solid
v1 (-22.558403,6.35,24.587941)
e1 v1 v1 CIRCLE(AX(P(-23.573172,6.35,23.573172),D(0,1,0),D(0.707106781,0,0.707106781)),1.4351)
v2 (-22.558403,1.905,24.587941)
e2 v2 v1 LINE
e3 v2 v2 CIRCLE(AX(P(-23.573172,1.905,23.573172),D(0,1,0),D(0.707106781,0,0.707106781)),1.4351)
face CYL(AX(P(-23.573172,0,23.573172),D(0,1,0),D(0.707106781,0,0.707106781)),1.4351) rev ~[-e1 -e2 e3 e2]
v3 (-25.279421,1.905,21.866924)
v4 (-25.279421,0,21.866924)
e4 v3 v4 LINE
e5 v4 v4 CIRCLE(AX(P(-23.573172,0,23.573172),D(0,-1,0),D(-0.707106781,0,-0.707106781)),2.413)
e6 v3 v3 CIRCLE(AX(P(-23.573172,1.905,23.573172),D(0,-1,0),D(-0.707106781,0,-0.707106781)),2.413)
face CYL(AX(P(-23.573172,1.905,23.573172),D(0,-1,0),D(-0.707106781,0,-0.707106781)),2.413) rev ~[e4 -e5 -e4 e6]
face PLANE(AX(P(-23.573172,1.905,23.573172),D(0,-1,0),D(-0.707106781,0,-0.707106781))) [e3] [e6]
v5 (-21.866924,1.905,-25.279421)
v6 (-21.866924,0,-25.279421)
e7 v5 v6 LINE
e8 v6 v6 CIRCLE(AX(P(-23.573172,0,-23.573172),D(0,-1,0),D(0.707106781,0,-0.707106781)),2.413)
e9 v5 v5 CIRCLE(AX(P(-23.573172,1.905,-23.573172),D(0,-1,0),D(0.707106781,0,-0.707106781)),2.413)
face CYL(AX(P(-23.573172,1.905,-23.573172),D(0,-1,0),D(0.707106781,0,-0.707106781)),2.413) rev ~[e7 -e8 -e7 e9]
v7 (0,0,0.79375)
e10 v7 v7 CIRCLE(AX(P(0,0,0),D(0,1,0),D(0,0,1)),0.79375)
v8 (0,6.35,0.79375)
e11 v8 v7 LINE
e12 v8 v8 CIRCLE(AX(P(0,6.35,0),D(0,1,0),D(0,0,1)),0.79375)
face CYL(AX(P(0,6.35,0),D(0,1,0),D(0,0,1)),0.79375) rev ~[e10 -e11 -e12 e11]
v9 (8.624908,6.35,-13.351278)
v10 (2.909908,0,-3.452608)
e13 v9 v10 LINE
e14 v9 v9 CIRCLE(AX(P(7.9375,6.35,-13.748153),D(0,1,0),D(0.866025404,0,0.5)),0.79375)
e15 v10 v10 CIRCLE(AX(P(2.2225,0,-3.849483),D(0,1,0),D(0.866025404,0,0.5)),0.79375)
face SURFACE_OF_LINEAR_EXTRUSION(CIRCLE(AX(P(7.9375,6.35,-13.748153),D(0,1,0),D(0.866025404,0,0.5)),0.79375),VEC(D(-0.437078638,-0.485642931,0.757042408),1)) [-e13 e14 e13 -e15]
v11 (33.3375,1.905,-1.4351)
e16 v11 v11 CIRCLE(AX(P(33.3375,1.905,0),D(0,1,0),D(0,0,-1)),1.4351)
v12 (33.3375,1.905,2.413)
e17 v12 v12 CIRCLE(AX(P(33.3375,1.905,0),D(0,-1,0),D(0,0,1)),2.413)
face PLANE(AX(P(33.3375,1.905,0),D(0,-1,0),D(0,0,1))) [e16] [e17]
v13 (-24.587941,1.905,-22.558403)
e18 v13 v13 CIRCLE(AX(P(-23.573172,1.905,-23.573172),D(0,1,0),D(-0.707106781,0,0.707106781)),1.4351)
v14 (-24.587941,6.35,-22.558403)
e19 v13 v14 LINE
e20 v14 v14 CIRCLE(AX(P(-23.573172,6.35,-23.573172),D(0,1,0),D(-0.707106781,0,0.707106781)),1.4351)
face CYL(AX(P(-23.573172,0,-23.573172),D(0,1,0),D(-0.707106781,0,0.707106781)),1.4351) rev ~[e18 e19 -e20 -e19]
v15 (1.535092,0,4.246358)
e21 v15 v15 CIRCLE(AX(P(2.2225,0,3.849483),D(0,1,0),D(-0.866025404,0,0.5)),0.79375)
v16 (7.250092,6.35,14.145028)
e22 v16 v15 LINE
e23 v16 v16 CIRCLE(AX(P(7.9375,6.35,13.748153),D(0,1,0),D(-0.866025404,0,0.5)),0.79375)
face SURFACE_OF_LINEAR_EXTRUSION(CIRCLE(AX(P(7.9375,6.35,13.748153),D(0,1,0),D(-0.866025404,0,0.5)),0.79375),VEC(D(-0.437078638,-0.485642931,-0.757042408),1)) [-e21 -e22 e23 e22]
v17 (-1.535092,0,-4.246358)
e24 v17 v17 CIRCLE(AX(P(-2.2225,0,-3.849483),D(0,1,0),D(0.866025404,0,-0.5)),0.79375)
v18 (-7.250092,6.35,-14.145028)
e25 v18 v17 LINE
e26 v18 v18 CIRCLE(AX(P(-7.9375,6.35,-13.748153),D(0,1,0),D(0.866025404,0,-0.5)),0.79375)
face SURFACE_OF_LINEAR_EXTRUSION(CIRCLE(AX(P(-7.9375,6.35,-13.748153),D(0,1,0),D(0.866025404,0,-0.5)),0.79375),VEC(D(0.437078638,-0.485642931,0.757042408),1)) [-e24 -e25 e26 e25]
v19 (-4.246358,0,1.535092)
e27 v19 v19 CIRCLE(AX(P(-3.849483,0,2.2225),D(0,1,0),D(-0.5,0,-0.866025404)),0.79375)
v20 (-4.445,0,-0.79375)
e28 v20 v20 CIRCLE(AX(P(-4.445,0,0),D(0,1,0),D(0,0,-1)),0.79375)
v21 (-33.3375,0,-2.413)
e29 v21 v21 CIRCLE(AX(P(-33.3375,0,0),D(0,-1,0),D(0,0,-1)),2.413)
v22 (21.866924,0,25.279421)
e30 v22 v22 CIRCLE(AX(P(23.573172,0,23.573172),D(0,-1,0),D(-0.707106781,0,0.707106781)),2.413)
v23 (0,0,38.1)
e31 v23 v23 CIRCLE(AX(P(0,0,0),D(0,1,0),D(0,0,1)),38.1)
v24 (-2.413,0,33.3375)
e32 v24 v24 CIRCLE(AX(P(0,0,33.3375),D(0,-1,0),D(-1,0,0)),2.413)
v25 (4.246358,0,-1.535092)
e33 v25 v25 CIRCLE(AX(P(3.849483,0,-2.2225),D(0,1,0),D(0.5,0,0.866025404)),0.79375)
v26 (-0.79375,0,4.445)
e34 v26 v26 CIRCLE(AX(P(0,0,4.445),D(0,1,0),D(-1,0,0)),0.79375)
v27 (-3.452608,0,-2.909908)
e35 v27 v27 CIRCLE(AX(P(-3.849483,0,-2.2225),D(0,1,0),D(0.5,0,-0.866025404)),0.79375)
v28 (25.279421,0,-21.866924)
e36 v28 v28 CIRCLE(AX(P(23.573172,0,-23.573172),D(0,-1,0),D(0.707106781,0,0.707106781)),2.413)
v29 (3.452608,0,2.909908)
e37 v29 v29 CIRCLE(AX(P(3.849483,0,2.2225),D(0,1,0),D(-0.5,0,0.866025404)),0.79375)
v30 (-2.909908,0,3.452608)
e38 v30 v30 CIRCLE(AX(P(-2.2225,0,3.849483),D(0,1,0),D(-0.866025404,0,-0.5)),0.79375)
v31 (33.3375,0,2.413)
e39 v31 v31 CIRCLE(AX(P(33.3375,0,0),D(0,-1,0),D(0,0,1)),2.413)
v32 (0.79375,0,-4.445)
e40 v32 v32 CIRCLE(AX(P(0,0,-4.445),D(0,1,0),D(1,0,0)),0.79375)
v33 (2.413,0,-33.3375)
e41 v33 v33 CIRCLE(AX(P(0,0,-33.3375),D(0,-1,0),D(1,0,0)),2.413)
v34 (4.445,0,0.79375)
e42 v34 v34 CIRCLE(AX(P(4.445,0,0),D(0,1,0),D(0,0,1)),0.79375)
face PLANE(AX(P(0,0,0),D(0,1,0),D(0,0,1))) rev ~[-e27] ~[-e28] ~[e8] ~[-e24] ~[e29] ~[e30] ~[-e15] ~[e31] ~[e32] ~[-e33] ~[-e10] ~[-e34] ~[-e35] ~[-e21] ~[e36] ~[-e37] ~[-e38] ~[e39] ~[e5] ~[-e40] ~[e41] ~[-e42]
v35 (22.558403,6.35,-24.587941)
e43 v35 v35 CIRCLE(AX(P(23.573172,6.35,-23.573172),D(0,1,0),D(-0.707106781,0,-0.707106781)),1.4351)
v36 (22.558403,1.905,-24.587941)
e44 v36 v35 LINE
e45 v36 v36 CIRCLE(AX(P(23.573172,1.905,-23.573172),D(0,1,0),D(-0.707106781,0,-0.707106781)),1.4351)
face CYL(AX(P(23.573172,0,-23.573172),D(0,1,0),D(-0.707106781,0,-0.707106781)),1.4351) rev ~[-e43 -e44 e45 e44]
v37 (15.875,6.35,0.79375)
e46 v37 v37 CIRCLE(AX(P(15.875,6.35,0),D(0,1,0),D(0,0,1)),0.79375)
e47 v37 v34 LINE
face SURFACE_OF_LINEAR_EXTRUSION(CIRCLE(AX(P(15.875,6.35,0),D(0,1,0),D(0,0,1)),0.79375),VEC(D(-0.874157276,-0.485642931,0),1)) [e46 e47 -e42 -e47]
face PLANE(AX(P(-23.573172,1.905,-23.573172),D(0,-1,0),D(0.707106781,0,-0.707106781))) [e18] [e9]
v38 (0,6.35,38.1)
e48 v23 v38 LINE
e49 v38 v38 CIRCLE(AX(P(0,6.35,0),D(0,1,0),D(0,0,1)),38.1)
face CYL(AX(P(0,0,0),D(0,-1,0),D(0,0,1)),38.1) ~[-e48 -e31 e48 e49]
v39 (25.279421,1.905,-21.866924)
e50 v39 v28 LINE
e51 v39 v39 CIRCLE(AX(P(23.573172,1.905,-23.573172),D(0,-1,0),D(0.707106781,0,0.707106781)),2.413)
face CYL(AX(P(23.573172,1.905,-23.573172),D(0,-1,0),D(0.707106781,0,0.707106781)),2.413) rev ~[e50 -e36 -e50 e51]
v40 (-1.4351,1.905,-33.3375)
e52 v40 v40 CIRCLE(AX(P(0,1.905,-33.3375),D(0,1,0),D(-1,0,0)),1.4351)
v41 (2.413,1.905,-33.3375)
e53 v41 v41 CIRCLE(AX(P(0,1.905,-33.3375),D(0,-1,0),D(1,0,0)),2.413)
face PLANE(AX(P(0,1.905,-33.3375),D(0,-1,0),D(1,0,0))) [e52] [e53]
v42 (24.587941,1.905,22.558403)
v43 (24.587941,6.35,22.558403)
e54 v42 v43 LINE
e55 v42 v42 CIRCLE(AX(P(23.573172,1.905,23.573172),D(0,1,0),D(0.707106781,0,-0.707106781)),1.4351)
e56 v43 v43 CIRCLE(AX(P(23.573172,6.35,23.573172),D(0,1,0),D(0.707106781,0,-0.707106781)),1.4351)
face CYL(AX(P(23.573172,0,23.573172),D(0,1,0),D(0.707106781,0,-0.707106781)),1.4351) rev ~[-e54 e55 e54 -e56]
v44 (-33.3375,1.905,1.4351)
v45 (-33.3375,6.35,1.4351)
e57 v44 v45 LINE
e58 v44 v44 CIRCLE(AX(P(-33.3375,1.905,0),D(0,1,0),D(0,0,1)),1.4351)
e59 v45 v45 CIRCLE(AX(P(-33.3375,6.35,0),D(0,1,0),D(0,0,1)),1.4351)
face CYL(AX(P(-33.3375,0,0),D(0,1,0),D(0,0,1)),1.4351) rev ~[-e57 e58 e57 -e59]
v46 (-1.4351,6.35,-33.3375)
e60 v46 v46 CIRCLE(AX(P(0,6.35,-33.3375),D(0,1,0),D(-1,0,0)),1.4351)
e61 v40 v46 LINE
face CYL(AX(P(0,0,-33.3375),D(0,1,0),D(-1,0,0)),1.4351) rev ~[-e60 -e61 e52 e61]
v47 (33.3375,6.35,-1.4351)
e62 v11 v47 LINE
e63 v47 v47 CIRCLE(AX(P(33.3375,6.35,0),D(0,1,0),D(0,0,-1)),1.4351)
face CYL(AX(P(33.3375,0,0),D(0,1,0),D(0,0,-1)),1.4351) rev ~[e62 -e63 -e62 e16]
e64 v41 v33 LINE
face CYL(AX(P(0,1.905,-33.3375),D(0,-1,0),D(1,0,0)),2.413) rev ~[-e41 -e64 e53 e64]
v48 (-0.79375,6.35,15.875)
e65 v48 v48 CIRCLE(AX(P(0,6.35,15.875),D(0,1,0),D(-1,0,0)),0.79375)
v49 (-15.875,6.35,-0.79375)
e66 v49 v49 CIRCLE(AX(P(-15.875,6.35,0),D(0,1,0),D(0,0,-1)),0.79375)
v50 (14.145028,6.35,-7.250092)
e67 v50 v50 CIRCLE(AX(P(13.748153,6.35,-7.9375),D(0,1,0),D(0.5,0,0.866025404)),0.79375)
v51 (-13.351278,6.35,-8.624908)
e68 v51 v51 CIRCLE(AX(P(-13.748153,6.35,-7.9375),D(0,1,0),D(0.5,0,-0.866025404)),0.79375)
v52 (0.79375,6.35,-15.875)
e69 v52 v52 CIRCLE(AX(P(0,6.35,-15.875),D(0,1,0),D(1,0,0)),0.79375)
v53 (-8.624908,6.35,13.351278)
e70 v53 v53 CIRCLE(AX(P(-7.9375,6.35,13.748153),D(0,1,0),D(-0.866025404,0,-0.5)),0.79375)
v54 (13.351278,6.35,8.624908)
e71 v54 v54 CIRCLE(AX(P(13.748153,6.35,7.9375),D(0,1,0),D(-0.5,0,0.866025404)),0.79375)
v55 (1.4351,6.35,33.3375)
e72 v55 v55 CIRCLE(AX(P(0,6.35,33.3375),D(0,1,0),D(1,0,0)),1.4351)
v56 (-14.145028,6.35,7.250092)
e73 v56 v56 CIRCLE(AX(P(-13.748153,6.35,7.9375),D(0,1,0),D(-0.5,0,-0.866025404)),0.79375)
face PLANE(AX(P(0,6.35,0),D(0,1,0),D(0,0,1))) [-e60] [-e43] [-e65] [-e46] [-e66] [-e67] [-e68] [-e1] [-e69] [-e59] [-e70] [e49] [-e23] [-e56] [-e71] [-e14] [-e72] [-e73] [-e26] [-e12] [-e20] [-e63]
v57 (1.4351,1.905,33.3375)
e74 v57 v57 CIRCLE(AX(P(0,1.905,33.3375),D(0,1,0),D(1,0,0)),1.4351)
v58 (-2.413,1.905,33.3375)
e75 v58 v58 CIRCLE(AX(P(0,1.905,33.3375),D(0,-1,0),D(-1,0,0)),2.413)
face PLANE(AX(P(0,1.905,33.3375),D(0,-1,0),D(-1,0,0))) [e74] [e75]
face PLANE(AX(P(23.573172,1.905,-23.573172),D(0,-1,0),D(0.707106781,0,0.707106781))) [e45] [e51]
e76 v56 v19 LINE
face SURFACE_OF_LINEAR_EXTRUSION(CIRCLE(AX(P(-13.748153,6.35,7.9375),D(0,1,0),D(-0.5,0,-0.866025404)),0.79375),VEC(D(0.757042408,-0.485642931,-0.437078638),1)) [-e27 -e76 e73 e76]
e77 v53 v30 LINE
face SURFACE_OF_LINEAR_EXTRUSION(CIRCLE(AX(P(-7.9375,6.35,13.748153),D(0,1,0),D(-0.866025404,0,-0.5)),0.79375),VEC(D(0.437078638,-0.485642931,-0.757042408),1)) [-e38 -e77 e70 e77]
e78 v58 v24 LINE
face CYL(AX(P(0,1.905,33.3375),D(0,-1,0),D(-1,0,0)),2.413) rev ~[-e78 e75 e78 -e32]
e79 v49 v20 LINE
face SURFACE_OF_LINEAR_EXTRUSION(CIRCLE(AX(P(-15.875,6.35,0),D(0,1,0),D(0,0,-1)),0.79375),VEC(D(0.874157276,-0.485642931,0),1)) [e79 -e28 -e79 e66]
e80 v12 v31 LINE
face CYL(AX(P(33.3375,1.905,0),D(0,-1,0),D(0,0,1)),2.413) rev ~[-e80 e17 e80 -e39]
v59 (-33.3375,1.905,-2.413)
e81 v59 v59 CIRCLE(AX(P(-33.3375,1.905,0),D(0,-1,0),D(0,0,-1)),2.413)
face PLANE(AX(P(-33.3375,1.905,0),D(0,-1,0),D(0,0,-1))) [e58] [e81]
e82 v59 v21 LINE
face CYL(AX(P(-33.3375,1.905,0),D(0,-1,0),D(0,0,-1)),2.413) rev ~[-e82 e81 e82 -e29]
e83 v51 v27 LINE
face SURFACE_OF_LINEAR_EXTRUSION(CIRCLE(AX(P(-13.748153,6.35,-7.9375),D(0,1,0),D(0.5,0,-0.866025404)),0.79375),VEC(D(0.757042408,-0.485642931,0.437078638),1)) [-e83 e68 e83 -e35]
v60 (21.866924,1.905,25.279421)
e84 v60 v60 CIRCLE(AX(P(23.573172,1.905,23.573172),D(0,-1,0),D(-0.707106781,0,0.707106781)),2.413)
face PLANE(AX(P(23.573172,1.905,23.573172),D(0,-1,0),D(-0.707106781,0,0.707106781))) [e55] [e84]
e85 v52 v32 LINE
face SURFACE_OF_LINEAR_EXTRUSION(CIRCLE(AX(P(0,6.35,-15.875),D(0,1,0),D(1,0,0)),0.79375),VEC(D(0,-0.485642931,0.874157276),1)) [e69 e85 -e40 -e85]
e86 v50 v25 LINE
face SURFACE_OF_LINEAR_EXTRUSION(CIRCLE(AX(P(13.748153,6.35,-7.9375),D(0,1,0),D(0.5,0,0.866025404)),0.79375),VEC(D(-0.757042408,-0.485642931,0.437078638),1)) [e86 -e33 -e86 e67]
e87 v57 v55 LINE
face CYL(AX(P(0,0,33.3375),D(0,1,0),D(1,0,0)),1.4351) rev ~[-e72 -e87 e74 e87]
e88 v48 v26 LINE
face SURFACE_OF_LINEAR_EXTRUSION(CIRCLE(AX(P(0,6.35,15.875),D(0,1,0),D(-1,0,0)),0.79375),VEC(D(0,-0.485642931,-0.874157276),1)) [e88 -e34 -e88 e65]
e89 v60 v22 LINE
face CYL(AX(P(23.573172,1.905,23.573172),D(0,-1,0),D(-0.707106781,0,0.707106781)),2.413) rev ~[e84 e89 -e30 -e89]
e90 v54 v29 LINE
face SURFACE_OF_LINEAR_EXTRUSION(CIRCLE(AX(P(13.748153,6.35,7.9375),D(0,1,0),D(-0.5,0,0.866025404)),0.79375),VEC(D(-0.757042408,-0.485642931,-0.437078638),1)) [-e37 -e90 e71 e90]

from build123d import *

# Parameters (mm, degrees)
SKETCH1_R                                      = 38.1
BOSS_EXTRUDE1_DEPTH                            = 6.35
CBORE_FOR_4_BUTTON_HEAD_CAP_SCREW1_D           = 2.8702
CBORE_FOR_4_BUTTON_HEAD_CAP_SCREW1_CBORE_D     = 4.826
CBORE_FOR_4_BUTTON_HEAD_CAP_SCREW1_CBORE_DEPTH = 1.905
CIRPATTERN1_COUNT                              = 8
SKETCH6_R                                      = 0.79375
CUT_EXTRUDE1_DEPTH                             = 55.254423783
CUT_EXTRUDE1_DEPTH_BACK                        = 55.254423783
SKETCH7_R                                      = 0.79375
CIRPATTERN2_COUNT                              = 12


with BuildPart() as part:
    # Sketch1 → Boss-Extrude1 (new body)
    with BuildSketch(Plane(origin=(0, 0, 0), x_dir=(1, 0, 0), z_dir=(0, 1, 0))):
        with Locations(Location((0, 0, 0), (0, 0, 270))):
            Circle(SKETCH1_R)
    extrude(amount=BOSS_EXTRUDE1_DEPTH)

    # CBORE for #4 Button Head Cap Screw1 (through all)
    with Locations(Plane(origin=(0, 0, 0), x_dir=(-1, 0, 0), z_dir=(0, -1, 0))):
        with Locations((0, -33.3375)):
            cbore_for_4_button_head_cap_screw1 = CounterBoreHole(CBORE_FOR_4_BUTTON_HEAD_CAP_SCREW1_D / 2, CBORE_FOR_4_BUTTON_HEAD_CAP_SCREW1_CBORE_D / 2, CBORE_FOR_4_BUTTON_HEAD_CAP_SCREW1_CBORE_DEPTH)

    # CirPattern1: CBORE for #4 Button Head Cap Screw1 ×8 about axis
    cirpattern1_axis = Axis((0, 0, 0), (0, 1, 0))
    for i in range(1, CIRPATTERN1_COUNT):
        add(cbore_for_4_button_head_cap_screw1.rotate(cirpattern1_axis, i * 360 / CIRPATTERN1_COUNT), mode=Mode.SUBTRACT)

    # Sketch6 → Cut-Extrude1 (cut, two sides)
    with BuildSketch(Plane(origin=(0, 6.35, 0), x_dir=(1, 0, 0), z_dir=(0, 1, 0))) as cut_extrude1_sk:
        with Locations(Location((0, 0, 0), (0, 0, 270))):
            Circle(SKETCH6_R)
    extrude(amount=CUT_EXTRUDE1_DEPTH, mode=Mode.SUBTRACT)
    extrude(cut_extrude1_sk.sketch, amount=-CUT_EXTRUDE1_DEPTH_BACK, mode=Mode.SUBTRACT)

    # Cut-Sweep1: sweep along a curve in space
    with BuildLine() as cut_sweep1_path:
        Line((0, 6.35, -15.875), (0, 0, -4.445))
    # Sketch7 → Cut-Sweep1 (sweep, cut)
    with BuildSketch(Plane(origin=(0, 6.35, 0), x_dir=(1, 0, 0), z_dir=(0, 1, 0))):
        with Locations((0, 15.875)):
            Circle(SKETCH7_R)
    cut_sweep1 = sweep(path=cut_sweep1_path.line, mode=Mode.SUBTRACT)

    # CirPattern2: Cut-Sweep1 ×12 about axis
    cirpattern2_axis = Axis((0, 6.35, 0), (0, 1, 0))
    for i in range(1, CIRPATTERN2_COUNT):
        add(cut_sweep1.rotate(cirpattern2_axis, i * 360 / CIRPATTERN2_COUNT), mode=Mode.SUBTRACT)


solid = part.part
